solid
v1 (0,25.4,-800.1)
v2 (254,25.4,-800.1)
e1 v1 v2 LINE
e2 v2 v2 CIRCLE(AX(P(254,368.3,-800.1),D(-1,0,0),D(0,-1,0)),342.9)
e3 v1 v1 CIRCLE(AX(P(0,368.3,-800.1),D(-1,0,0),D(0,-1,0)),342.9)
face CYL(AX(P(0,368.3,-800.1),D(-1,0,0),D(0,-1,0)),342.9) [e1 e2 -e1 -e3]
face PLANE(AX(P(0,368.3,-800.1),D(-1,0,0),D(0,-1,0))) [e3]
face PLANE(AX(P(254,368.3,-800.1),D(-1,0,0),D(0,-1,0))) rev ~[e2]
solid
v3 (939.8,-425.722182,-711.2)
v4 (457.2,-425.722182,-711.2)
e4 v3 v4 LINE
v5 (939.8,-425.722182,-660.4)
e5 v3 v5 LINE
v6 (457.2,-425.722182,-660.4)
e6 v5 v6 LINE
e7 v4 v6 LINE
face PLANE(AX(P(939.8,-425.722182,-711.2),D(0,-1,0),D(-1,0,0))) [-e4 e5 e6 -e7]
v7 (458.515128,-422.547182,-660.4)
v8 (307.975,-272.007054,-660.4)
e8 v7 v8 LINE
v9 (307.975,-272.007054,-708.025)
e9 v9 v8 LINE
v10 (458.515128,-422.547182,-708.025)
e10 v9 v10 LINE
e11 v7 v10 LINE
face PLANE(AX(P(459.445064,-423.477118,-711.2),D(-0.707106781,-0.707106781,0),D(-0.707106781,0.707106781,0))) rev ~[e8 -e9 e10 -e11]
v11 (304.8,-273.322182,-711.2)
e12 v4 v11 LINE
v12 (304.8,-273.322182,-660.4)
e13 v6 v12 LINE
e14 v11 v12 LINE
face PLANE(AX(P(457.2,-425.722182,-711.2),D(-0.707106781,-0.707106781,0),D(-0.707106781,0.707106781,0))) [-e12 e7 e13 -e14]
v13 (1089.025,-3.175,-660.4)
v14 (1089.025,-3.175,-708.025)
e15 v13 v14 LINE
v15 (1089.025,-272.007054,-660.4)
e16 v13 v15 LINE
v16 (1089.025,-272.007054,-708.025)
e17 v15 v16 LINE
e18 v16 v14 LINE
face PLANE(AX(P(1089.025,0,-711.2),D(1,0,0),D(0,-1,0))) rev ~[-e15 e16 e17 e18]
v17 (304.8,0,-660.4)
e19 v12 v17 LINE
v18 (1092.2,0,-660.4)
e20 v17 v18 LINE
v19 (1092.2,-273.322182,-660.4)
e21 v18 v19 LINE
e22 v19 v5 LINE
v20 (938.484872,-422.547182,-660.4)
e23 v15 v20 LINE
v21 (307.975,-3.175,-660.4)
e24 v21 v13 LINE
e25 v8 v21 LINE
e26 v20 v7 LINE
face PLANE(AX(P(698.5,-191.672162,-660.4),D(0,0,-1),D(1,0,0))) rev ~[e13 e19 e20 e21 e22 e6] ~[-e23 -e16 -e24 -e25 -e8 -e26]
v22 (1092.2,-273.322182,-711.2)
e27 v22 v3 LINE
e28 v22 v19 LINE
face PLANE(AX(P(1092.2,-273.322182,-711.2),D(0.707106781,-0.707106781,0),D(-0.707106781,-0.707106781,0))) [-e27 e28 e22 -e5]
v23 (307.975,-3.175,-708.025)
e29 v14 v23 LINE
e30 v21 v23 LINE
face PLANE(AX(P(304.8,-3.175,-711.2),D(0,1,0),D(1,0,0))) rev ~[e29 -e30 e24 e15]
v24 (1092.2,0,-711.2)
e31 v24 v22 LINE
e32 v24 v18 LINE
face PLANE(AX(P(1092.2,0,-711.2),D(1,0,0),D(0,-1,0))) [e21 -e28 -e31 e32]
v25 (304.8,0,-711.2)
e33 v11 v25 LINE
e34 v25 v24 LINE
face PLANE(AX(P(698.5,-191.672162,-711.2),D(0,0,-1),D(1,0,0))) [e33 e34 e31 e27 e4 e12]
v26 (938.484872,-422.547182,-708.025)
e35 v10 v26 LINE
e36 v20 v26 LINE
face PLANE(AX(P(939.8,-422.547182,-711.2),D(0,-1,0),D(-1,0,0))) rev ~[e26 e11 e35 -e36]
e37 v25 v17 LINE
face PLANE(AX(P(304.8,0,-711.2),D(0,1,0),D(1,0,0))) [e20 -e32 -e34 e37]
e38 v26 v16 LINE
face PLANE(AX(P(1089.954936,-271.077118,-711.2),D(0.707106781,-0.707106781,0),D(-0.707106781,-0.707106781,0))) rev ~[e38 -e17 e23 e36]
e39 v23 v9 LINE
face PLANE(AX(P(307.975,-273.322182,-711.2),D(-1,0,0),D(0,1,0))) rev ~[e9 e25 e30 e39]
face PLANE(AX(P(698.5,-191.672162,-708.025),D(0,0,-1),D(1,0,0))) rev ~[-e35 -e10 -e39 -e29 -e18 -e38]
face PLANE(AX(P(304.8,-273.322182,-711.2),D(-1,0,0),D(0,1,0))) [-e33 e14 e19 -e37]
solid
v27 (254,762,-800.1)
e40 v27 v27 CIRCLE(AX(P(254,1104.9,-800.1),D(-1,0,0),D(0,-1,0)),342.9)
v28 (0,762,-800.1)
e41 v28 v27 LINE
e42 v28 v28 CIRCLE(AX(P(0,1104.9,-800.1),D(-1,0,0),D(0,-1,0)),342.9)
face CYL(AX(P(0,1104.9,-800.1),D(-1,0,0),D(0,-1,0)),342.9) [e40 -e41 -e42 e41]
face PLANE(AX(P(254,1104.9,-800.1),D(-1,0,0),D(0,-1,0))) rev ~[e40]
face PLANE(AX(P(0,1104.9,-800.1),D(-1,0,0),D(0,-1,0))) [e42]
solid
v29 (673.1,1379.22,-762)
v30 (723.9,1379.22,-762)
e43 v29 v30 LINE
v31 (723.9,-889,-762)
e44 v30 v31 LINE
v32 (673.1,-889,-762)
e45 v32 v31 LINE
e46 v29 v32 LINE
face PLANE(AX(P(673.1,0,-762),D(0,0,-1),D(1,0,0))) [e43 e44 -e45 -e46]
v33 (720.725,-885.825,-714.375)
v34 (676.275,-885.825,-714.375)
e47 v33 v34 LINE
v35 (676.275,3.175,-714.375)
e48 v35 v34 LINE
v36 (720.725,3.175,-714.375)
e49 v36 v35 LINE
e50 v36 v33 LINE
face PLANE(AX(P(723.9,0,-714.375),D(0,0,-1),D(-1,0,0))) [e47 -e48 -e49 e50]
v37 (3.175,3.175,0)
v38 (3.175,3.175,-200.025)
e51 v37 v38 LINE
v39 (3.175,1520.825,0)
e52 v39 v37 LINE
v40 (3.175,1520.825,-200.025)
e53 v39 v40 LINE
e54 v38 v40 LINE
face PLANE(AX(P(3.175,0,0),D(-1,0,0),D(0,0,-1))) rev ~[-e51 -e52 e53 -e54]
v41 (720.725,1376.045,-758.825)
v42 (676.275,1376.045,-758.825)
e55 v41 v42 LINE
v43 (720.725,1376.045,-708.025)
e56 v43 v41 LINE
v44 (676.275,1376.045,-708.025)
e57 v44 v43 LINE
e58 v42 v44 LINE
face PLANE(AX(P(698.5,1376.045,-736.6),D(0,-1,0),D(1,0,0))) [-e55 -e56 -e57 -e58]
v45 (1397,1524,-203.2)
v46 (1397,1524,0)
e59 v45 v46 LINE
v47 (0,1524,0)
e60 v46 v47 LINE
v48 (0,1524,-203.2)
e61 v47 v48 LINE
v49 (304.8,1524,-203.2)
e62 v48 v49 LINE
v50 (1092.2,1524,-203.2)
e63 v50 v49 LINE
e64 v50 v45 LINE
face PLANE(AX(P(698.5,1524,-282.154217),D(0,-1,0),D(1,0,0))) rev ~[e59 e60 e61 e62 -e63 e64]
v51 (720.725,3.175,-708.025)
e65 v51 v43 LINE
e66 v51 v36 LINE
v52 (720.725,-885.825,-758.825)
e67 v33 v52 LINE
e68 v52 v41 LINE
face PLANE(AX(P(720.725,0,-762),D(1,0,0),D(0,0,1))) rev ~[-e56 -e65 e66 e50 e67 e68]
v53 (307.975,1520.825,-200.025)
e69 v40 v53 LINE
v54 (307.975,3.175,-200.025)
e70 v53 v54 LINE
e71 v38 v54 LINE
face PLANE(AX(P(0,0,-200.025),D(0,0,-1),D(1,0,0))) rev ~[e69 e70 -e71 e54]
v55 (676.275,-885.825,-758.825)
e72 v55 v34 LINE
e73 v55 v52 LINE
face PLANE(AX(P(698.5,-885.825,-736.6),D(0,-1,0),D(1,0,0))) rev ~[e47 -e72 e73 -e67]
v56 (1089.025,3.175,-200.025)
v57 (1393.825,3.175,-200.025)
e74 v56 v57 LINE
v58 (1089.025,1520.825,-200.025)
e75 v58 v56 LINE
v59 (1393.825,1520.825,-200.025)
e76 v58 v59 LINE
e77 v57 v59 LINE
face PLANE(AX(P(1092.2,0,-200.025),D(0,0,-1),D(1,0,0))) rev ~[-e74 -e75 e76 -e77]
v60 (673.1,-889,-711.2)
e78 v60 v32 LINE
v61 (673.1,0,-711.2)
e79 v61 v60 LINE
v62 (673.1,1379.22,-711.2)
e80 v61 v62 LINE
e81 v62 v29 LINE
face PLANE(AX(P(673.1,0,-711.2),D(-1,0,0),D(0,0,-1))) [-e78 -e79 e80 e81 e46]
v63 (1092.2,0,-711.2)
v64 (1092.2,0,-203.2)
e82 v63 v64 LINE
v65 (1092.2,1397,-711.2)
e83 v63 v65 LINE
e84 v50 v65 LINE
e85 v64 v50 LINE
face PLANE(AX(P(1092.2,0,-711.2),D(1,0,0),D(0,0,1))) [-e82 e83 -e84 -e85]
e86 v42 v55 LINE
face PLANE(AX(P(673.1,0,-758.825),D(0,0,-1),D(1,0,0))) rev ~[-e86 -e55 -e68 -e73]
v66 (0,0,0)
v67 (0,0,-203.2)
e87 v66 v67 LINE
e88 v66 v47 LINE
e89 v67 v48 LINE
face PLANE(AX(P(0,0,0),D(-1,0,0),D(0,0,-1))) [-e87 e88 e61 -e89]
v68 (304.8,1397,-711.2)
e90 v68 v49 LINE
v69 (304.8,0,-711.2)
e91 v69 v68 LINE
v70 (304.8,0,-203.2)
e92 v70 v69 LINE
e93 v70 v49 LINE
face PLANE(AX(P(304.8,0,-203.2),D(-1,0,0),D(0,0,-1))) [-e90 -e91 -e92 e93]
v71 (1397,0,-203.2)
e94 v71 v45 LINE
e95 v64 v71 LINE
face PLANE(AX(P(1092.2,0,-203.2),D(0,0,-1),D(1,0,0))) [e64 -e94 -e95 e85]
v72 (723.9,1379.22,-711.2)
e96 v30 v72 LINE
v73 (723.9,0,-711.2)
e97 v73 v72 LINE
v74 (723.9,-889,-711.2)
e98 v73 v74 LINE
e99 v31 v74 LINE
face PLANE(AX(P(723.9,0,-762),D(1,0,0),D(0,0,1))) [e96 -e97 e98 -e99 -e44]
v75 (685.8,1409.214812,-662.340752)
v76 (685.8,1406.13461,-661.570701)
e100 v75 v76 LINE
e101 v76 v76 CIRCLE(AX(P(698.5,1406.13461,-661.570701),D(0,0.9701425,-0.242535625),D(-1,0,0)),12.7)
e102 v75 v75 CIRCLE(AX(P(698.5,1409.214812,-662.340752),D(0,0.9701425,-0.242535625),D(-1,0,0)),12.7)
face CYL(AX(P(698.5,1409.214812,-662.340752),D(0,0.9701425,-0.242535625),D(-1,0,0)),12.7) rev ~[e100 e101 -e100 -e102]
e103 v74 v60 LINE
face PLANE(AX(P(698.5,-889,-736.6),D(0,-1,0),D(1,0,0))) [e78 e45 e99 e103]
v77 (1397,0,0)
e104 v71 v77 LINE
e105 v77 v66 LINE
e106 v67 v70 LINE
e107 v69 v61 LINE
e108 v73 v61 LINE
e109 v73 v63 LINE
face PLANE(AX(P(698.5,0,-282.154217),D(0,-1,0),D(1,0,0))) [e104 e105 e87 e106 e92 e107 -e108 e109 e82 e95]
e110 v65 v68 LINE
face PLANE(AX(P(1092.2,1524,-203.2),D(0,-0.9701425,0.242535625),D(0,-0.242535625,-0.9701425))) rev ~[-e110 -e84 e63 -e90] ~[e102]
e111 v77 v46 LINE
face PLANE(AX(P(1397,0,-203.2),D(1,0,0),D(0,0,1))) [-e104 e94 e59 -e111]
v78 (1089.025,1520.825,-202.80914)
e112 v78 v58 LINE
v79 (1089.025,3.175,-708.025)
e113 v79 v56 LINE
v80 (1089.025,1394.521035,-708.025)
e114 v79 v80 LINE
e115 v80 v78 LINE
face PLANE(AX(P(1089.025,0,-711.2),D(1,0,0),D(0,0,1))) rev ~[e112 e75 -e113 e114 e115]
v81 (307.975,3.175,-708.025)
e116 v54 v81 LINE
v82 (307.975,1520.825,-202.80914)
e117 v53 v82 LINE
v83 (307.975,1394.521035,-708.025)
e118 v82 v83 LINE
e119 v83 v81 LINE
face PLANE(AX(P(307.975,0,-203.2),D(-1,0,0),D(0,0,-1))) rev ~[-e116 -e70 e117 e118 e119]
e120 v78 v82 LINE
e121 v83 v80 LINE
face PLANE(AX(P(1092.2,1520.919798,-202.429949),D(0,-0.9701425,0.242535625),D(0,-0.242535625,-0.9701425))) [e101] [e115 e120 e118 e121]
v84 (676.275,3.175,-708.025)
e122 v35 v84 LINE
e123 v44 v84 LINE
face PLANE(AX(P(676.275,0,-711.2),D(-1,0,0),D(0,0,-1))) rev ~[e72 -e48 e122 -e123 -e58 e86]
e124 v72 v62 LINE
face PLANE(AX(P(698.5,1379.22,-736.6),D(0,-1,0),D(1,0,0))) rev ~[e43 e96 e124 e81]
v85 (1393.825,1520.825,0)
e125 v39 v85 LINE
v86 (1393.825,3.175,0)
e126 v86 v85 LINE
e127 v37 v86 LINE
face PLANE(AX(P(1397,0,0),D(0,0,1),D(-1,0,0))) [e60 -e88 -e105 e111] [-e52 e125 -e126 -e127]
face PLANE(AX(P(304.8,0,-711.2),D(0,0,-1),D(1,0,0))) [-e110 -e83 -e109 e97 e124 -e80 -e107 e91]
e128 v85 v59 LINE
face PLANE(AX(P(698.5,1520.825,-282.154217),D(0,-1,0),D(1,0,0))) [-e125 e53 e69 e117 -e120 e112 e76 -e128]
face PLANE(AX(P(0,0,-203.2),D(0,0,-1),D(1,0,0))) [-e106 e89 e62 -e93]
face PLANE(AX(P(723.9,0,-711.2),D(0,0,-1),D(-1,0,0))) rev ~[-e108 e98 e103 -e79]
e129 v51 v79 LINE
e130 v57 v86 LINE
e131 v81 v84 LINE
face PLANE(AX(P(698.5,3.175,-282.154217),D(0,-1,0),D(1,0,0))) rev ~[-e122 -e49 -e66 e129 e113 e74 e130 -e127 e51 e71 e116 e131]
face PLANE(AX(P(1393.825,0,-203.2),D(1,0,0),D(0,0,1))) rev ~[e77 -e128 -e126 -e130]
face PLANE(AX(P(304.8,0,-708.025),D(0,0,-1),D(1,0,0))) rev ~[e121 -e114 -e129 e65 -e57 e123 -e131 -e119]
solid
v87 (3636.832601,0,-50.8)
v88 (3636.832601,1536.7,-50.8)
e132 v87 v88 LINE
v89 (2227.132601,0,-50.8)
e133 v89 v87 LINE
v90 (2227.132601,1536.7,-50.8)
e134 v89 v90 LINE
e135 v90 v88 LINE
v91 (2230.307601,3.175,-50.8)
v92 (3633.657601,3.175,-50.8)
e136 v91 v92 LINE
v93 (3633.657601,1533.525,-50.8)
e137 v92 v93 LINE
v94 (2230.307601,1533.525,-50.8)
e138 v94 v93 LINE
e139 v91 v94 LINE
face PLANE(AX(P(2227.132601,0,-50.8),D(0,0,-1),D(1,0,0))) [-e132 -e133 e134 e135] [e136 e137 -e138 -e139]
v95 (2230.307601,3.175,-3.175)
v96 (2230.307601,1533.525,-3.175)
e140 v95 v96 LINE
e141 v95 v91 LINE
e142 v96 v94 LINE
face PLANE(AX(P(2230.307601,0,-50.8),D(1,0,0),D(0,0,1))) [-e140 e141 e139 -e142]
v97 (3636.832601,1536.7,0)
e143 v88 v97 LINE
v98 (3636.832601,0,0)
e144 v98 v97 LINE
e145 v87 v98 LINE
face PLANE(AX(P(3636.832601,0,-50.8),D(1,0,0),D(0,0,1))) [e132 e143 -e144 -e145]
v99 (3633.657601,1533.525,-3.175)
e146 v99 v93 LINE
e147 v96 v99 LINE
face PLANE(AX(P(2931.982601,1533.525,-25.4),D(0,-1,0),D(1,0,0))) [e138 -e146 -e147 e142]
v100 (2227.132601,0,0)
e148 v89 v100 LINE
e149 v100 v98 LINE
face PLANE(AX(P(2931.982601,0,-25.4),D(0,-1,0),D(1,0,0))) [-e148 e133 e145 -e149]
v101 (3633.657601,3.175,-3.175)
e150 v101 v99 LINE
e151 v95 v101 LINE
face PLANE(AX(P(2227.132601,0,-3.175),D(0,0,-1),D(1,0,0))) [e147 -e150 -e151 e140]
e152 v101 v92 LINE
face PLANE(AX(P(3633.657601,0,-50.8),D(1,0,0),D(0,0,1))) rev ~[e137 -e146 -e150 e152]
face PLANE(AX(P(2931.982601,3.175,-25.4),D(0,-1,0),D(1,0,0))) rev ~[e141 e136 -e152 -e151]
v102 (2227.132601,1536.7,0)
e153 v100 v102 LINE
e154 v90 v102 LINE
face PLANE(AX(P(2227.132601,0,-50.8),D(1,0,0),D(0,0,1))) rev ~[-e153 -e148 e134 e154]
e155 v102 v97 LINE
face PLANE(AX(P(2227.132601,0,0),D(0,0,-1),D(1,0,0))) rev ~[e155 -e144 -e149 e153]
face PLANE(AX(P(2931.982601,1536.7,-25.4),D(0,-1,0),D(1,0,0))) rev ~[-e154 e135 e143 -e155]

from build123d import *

# Parameters (mm, degrees)
F1_DEPTH      = 1524
F3_DEPTH      = 1092.201
F5_DEPTH      = 889
F5_DEPTH_BACK = 1379.22
F6_R          = 342.9
F7_DEPTH      = 254
F9_DEPTH      = 50.8
F10_T         = -3.175
F11_T         = -3.175
F12_R         = 12.7
F13_DEPTH     = 25.4
F14_W         = 1409.7
F14_H         = 50.8
F15_DEPTH     = 1536.7
F16_T         = -3.175


with BuildPart() as f1:
    # F0 (on Front) → F1 (new body)
    with BuildSketch(Plane.XZ):
        Polygon((1397, 0), (0, 0), (0, -203.2), (304.8, -203.2), (304.8, -711.2), (1092.2, -711.2), (1092.2, -203.2), (1397, -203.2), align=None)
    extrude(amount=-F1_DEPTH)

    # F2 (on face) → F3 (cut, through all)
    with BuildSketch(Plane.YZ.offset(1092.2)):
        Polygon((1524, -711.2), (1524, -203.2), (1397, -711.2), align=None)
    extrude(amount=-F3_DEPTH, mode=Mode.SUBTRACT)

    # F4 (on face) → F5 (join, two sides)
    with BuildSketch(Plane.XZ) as f5_sk:
        Polygon((723.9, -711.2), (698.5, -711.2), (673.1, -711.2), (673.1, -762), (723.9, -762), align=None)
    extrude(amount=F5_DEPTH)
    extrude(f5_sk.sketch, amount=-F5_DEPTH_BACK)

    # F11
    f11_openings = [f1.faces().sort_by_distance(p)[0] for p in [
        (698.5, 762, 0),
    ]]
    offset(amount=F11_T, openings=f11_openings, kind=Kind.INTERSECTION)

    # F12 (on face) → F13 (cut)
    with BuildSketch(Plane(origin=(0, 1482.1647058824, -370.5411764706), x_dir=(-1, 0, 0), z_dir=(0, 0.9701425001, -0.242535625))):
        with Locations((-698.5, -300.7801175117)):
            Circle(F12_R)
    extrude(amount=-F13_DEPTH, mode=Mode.SUBTRACT)


with BuildPart() as f7:
    # F6 (on face) → F7 (new body)
    with BuildSketch(Plane(origin=(0, 0, 0), x_dir=(0, -1, 0), z_dir=(-1, 0, 0))):
        with Locations((-1104.9, -800.1)):
            Circle(F6_R)
    extrude(amount=-F7_DEPTH)


with BuildPart() as f7b:
    # F6 (on face) → F7, piece 2 (new body)
    with BuildSketch(Plane(origin=(0, 0, 0), x_dir=(0, -1, 0), z_dir=(-1, 0, 0))):
        with Locations((-368.3, -800.1)):
            Circle(F6_R)
    extrude(amount=-F7_DEPTH)


with BuildPart() as f9:
    # F8 (on face) → F9 (new body)
    with BuildSketch(Plane(origin=(0, 0, -711.2), x_dir=(1, 0, 0), z_dir=(0, 0, -1))):
        Polygon((304.8, 273.322181797), (304.8, 0), (673.1, 0), (723.9, 0), (1092.2, 0), (1092.2, 273.322181797), (939.8, 425.722181797), (457.2, 425.722181797), align=None)
    extrude(amount=-F9_DEPTH)

    # F10
    f10_openings = [f9.faces().sort_by_distance(p)[0] for p in [
        (698.5, -200.796546, -660.4),
    ]]
    offset(amount=F10_T, openings=f10_openings)


with BuildPart() as f15:
    # F14 (on face) → F15 (new body)
    with BuildSketch(Plane.XZ):
        with Locations((2931.9826007332, -25.4)):
            Rectangle(F14_W, F14_H)
    extrude(amount=-F15_DEPTH)

    # F16
    f16_openings = [f15.faces().sort_by_distance(p)[0] for p in [
        (2931.982601, 768.35, -50.8),
    ]]
    offset(amount=F16_T, openings=f16_openings)


solid = Compound([f1.part, f7.part, f7b.part, f9.part, f15.part])
